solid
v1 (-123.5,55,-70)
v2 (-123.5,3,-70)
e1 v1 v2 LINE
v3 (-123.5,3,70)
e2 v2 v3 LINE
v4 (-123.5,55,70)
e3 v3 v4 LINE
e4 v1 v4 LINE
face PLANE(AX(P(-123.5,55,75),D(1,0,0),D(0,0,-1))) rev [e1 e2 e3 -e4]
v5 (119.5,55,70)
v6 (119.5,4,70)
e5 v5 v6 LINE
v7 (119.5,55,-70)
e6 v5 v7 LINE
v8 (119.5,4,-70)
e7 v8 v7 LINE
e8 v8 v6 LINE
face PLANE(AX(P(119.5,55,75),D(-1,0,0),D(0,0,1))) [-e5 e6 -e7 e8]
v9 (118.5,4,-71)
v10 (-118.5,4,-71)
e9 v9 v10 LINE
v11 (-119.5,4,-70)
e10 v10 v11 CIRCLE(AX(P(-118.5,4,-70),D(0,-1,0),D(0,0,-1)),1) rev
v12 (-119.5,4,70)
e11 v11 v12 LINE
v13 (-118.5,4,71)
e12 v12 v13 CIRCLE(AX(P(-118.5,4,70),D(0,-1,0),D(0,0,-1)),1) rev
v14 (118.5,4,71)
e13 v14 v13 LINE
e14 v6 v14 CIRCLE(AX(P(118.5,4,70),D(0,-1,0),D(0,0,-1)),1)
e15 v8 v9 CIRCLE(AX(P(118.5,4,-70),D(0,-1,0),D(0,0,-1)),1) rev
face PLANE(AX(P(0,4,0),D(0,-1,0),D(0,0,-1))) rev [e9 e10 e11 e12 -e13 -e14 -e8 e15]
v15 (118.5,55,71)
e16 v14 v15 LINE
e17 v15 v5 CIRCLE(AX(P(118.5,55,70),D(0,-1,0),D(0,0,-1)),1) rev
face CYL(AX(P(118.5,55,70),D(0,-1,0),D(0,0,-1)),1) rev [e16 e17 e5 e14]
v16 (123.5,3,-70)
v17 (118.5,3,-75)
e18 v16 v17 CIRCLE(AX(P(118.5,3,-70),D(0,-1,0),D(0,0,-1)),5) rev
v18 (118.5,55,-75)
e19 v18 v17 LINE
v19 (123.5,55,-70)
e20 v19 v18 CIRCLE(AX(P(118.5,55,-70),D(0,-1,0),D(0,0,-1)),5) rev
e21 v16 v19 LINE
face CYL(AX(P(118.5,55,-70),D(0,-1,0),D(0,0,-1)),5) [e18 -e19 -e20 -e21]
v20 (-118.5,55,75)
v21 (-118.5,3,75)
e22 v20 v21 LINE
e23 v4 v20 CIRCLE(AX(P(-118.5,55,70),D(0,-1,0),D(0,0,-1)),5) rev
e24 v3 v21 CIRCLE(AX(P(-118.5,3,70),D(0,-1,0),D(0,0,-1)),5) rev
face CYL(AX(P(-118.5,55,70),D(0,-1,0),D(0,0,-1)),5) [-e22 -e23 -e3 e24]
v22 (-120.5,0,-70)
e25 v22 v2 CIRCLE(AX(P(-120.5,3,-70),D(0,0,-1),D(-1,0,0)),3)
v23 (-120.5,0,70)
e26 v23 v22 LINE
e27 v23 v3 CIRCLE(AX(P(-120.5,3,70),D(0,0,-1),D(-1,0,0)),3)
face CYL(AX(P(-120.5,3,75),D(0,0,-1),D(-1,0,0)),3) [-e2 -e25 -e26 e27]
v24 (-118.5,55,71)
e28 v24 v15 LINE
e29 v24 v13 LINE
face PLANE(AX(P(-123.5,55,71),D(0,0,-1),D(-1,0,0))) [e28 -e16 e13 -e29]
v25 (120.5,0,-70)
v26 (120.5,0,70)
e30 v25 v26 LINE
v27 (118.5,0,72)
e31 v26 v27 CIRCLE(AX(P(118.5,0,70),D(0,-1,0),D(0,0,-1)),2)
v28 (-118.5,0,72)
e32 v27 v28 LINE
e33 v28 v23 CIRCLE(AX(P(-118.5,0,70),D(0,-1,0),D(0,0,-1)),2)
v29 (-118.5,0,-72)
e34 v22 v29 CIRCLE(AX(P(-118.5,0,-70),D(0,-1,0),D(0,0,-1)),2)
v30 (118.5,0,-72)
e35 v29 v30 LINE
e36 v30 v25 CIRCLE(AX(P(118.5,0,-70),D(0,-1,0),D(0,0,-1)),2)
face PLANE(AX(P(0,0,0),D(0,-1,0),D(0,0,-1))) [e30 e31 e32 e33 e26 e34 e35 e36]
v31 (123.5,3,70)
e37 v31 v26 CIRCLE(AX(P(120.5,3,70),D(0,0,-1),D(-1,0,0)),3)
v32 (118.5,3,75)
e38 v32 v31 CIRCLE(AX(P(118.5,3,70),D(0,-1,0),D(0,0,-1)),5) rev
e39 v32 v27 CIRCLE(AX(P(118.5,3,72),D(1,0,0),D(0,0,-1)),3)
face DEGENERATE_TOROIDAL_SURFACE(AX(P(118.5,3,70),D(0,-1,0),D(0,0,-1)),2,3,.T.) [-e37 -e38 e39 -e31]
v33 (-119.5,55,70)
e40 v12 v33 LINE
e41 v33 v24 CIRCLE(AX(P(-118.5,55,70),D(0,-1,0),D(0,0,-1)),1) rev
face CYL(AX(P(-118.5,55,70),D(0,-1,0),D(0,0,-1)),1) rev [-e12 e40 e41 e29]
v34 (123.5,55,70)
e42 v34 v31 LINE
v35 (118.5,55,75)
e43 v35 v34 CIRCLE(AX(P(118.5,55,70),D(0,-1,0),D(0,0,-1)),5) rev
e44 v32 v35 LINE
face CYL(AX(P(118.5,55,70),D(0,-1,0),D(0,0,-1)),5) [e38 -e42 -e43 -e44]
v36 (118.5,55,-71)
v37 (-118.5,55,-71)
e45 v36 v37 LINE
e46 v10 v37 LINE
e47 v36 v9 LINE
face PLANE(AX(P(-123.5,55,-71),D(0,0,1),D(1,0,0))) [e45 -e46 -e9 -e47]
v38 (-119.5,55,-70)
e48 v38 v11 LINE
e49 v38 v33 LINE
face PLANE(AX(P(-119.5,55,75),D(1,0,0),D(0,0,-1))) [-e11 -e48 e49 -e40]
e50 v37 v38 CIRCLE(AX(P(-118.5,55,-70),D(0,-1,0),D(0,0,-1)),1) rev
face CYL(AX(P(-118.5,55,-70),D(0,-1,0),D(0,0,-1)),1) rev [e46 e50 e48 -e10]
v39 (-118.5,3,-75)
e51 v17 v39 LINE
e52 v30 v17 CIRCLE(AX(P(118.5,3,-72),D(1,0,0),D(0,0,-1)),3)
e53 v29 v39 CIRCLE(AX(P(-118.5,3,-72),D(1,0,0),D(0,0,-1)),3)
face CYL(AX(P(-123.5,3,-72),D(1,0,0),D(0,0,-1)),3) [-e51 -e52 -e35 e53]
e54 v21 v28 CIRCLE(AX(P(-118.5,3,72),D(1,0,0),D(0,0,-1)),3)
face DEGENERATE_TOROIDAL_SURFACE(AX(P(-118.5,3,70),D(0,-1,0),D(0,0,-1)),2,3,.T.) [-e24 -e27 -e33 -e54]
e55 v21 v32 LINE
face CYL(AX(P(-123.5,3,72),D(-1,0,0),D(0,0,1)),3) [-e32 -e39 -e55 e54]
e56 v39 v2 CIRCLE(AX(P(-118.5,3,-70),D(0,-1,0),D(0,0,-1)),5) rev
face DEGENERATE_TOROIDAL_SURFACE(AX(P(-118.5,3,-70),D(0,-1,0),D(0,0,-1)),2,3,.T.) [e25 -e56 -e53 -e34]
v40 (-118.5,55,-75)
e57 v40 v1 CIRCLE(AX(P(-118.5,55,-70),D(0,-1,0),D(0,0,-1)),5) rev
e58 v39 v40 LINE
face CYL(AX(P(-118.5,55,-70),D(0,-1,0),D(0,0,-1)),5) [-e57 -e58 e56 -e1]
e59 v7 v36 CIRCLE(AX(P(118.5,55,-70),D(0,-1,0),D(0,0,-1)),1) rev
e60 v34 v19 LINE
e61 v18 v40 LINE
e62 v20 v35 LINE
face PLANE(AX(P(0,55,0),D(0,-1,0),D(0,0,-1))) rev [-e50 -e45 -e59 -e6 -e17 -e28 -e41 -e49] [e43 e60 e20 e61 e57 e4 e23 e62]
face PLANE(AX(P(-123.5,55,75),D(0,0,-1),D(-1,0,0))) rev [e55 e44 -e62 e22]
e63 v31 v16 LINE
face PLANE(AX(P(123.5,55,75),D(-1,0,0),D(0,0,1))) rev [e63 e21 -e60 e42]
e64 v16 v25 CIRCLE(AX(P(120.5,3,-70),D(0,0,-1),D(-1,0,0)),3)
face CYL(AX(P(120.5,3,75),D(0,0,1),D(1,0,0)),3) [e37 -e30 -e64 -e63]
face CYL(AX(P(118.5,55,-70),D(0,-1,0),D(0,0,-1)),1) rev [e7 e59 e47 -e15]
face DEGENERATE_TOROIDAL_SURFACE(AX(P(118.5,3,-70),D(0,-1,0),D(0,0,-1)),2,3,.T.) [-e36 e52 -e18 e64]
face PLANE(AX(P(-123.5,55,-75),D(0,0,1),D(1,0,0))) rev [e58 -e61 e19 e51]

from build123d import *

# Parameters (mm, degrees)
ESBO_O1_W                = 247
ESBO_O1_H                = 150
RESSALTO_EXTRUS_O1_DEPTH = 55
FILETE1_R                = 5
FILETE2_R                = 3
CASCA1_T                 = -4


with BuildPart() as part:
    # Esboço1 → Ressalto-extrusão1 (new body)
    with BuildSketch(Plane(origin=(0, 0, 0), x_dir=(1, 0, 0), z_dir=(0, 1, 0))):
        Rectangle(ESBO_O1_W, ESBO_O1_H)
    extrude(amount=RESSALTO_EXTRUS_O1_DEPTH)

    # Filete1
    filete1_edges = [part.edges().sort_by_distance(p)[0] for p in [
        (123.5, 27.5, 75),
        (-123.5, 27.5, 75),
        (-123.5, 27.5, -75),
        (123.5, 27.5, -75),
    ]]
    fillet(filete1_edges, radius=FILETE1_R)

    # Filete2
    filete2_edges = [part.edges().sort_by_distance(p)[0] for p in [
        (-123.5, 0, 0),
        (123.5, 0, 0),
        (0, 0, 75),
        (0, 0, -75),
        (122.035533906, 0, 73.535533906),
        (122.035533906, 0, -73.535533906),
        (-122.035533906, 0, 73.535533906),
        (-122.035533906, 0, -73.535533906),
    ]]
    fillet(filete2_edges, radius=FILETE2_R)

    # Casca1
    casca1_openings = [part.faces().sort_by_distance(p)[0] for p in [
        (0, 55, 0),
    ]]
    offset(amount=CASCA1_T, openings=casca1_openings, kind=Kind.INTERSECTION)


solid = part.part
